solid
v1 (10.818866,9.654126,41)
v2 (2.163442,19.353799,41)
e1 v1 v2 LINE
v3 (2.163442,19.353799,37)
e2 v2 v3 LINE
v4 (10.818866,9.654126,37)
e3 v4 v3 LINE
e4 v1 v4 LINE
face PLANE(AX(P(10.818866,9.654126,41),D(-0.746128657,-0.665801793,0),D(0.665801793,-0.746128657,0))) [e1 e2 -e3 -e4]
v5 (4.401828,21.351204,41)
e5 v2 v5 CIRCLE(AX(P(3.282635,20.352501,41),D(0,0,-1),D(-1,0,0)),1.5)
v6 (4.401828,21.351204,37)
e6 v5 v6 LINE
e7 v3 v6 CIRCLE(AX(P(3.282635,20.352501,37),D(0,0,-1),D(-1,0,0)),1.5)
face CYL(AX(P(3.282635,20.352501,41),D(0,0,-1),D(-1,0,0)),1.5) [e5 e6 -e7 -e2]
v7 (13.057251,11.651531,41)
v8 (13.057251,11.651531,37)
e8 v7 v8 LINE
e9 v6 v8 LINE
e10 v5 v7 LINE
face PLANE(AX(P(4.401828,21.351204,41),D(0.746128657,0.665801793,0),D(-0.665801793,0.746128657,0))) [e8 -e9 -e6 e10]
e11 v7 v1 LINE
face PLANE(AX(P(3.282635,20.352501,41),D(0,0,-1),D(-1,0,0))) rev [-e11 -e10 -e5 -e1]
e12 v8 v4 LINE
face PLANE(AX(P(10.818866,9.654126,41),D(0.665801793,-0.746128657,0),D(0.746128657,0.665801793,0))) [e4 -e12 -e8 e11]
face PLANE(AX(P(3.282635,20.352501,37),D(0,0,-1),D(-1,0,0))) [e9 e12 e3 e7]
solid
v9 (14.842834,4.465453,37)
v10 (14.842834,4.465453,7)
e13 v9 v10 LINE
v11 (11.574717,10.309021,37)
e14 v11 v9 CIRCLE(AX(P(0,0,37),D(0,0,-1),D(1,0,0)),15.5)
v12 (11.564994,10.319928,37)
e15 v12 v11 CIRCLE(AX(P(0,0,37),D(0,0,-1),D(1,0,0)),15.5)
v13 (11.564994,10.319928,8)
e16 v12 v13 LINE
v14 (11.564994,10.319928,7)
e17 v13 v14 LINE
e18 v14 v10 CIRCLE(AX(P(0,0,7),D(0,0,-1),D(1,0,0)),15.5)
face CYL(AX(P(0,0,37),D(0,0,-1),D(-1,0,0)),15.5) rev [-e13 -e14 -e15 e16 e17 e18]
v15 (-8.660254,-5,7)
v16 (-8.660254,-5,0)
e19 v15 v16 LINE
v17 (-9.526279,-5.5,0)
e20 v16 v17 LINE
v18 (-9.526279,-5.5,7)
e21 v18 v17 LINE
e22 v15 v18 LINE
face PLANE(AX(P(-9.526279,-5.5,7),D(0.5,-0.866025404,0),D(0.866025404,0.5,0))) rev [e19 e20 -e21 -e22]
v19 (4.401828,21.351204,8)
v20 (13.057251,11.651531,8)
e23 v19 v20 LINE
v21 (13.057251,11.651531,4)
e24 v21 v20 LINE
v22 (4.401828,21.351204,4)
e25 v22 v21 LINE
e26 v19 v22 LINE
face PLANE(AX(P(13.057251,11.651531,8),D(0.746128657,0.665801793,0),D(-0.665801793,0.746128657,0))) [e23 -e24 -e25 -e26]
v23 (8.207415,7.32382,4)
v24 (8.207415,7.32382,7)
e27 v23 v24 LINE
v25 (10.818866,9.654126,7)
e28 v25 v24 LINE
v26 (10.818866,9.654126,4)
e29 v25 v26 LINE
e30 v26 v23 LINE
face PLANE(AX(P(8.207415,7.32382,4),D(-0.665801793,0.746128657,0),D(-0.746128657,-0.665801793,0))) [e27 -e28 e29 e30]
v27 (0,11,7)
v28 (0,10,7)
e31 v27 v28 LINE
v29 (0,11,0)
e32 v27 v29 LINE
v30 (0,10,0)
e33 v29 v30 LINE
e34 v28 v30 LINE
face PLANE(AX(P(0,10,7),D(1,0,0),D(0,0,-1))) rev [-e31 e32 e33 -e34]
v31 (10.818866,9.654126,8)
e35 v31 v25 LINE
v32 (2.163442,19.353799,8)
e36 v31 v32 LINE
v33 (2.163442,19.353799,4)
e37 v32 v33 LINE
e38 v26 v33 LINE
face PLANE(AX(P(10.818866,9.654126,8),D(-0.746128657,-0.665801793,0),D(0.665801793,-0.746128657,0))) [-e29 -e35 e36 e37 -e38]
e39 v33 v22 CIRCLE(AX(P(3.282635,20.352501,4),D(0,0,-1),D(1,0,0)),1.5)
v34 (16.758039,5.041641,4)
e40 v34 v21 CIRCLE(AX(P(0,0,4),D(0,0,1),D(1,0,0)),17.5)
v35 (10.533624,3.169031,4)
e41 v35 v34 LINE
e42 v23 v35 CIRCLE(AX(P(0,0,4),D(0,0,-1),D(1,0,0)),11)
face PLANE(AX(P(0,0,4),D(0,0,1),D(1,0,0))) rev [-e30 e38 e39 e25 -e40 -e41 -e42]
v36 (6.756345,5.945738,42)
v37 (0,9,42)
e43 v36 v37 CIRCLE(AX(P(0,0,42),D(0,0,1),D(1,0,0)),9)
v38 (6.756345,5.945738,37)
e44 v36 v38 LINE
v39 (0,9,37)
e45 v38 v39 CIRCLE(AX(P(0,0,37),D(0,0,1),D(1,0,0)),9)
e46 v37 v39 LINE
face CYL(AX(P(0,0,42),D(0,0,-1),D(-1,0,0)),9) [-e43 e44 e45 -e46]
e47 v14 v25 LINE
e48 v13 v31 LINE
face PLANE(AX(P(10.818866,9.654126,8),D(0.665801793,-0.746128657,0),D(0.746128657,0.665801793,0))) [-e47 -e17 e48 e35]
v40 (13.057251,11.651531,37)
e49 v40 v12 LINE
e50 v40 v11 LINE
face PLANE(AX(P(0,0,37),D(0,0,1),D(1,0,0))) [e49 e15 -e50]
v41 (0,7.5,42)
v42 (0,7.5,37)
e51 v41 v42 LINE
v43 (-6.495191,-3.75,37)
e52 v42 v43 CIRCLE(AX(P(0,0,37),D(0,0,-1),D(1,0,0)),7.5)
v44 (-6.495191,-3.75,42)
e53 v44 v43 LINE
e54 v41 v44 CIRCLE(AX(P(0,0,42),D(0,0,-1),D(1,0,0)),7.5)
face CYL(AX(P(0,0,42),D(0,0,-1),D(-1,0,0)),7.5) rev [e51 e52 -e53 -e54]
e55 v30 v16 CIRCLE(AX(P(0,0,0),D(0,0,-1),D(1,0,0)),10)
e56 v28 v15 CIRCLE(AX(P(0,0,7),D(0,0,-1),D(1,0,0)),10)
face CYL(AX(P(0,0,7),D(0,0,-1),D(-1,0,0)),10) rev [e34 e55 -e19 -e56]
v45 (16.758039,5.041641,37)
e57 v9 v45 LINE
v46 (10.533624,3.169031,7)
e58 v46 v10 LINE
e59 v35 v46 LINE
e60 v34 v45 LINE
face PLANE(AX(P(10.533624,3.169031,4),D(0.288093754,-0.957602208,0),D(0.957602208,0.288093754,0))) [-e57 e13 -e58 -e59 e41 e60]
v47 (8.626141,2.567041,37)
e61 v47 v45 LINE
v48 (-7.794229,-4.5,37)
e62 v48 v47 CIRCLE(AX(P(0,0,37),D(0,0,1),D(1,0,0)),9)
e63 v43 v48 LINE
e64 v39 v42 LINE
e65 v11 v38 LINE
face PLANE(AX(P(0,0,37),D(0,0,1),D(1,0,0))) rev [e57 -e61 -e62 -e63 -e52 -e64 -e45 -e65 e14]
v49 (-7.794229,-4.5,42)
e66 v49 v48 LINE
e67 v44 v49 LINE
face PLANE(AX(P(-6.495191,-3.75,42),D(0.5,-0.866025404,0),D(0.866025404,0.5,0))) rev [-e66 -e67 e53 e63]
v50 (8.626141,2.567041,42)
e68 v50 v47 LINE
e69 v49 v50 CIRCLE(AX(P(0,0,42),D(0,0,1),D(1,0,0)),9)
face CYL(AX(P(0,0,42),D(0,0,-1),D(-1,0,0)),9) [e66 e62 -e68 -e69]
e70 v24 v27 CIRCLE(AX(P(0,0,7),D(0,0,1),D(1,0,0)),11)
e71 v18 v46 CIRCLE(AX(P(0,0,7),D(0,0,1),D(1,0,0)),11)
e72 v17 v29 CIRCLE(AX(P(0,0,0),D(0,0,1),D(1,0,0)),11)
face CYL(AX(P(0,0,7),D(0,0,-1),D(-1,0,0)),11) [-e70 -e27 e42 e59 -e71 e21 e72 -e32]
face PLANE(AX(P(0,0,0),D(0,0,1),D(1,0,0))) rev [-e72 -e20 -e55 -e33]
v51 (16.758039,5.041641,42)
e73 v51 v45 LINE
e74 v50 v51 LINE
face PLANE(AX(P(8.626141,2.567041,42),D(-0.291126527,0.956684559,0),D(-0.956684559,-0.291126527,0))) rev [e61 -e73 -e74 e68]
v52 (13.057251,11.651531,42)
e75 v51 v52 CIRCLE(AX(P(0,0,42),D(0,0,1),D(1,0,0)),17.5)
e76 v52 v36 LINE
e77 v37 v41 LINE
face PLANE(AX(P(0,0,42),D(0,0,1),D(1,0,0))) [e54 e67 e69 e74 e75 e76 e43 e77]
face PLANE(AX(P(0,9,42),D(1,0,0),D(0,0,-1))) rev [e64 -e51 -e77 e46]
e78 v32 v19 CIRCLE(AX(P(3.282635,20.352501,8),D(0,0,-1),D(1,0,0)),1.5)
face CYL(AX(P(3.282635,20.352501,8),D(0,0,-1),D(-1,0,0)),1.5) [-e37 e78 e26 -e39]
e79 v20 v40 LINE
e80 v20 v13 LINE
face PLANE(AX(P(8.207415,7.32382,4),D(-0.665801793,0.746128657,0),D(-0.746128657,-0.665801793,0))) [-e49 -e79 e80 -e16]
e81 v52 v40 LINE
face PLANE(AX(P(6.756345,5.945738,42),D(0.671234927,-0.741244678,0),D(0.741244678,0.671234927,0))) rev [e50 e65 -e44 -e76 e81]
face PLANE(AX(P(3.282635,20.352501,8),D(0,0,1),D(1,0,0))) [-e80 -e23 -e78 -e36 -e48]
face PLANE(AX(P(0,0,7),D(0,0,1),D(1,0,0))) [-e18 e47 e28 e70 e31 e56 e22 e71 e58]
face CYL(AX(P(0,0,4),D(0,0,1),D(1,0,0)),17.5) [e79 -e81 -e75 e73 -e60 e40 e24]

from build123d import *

# Parameters (mm, degrees)
BOSS_EXTRUDE1_DEPTH = 7
BOSS_EXTRUDE2_START = -3
BOSS_EXTRUDE2_DEPTH = 3
BOSS_EXTRUDE3_DEPTH = 30
BOSS_EXTRUDE4_DEPTH = 5
BOSS_EXTRUDE5_DEPTH = 5
BOSS_EXTRUDE6_DEPTH = 4
BOSS_EXTRUDE7_DEPTH = 4


with BuildPart() as part:
    # Sketch1 → Boss-Extrude1 (new body)
    with BuildSketch(Plane.XY):
        with BuildLine():
            Line((-9.526279442, -5.5), (-8.660254038, -5))
            ThreePointArc((-8.660254038, -5), (8.660254038, -5), (0, 10))
            Line((0, 10), (0, 11))
            ThreePointArc((0, 11), (9.526279442, -5.5), (-9.526279442, -5.5))
        make_face()
    extrude(amount=BOSS_EXTRUDE1_DEPTH)

    # Sketch3 → Boss-Extrude2 (add)
    with BuildSketch(Plane.XY.offset(7).offset(BOSS_EXTRUDE2_START)):
        with BuildLine():
            Line((8.207415224, 7.323819723), (13.057251493, 11.651531377))
            ThreePointArc((13.057251493, 11.651531377), (15.26959545, 8.549237088), (16.758038643, 5.041640689))
            Line((16.758038643, 5.041640689), (10.53362429, 3.16903129))
            ThreePointArc((10.53362429, 3.16903129), (9.598031426, 5.37380617), (8.207415224, 7.323819723))
        make_face()
    extrude(amount=BOSS_EXTRUDE2_DEPTH)

    # Sketch4 → Boss-Extrude3 (add)
    with BuildSketch(Plane.XY.offset(7)):
        with BuildLine():
            Line((13.057251493, 11.651531377), (11.56499418, 10.319927791))
            ThreePointArc((11.56499418, 10.319927791), (13.524498827, 7.572181421), (14.842834227, 4.465453182))
            Line((14.842834227, 4.465453182), (16.758038643, 5.041640689))
            ThreePointArc((16.758038643, 5.041640689), (15.26959545, 8.549237088), (13.057251493, 11.651531377))
        make_face()
    extrude(amount=BOSS_EXTRUDE3_DEPTH)



with BuildPart() as body_2:
    # Sketch5 → Boss-Extrude4 (new body)
    with BuildSketch(Plane.XY.offset(37)):
        with BuildLine():
            Line((0, 9), (0, 7.5))
            ThreePointArc((0, 7.5), (6.495190528, -3.75), (-6.495190528, -3.75))
            Line((-6.495190528, -3.75), (-7.794228634, -4.5))
            ThreePointArc((-7.794228634, -4.5), (7.794228634, -4.5), (0, 9))
        make_face()
    extrude(amount=BOSS_EXTRUDE4_DEPTH)


with BuildPart() as part_1:
    add(part.part)

    add(body_2.part)  # Boss-Extrude5 merges body 2
    # Sketch6 → Boss-Extrude5 (add)
    with BuildSketch(Plane.XY.offset(37)):
        with BuildLine():
            Line((6.756344772, 5.945738417), (13.057251493, 11.651531377))
            ThreePointArc((13.057251493, 11.651531377), (15.26959545, 8.549237088), (16.758038643, 5.041640689))
            Line((16.758038643, 5.041640689), (8.626140517, 2.567041054))
            ThreePointArc((8.626140517, 2.567041054), (7.87458649, 4.357853556), (6.756344772, 5.945738417))
        make_face()
    extrude(amount=BOSS_EXTRUDE5_DEPTH)

    # Sketch7 → Boss-Extrude6 (add)
    with BuildSketch(Plane(origin=(0, 0, 4), x_dir=(-1, 0, 0), z_dir=(0, 0, -1))):
        with BuildLine():
            Line((-10.818865523, 9.654125998), (-13.057251493, 11.651531377))
            Line((-13.057251493, 11.651531377), (-4.401828185, 21.351203915))
            ThreePointArc((-4.401828185, 21.351203915), (-2.28393251, 21.471694211), (-2.163442214, 19.353798536))
            Line((-2.163442214, 19.353798536), (-10.818865523, 9.654125998))
        make_face()
    extrude(amount=-BOSS_EXTRUDE6_DEPTH)


with BuildPart() as body_2_2:
    # Sketch8 → Boss-Extrude7 (new body)
    with BuildSketch(Plane(origin=(0, 0, 37), x_dir=(-1, 0, 0), z_dir=(0, 0, -1))):
        with BuildLine():
            Line((-10.818865523, 9.654125998), (-13.057251493, 11.651531377))
            Line((-13.057251493, 11.651531377), (-4.401828185, 21.351203915))
            ThreePointArc((-4.401828185, 21.351203915), (-2.28393251, 21.471694211), (-2.163442214, 19.353798536))
            Line((-2.163442214, 19.353798536), (-10.818865523, 9.654125998))
        make_face()
    extrude(amount=-BOSS_EXTRUDE7_DEPTH)


solid = Compound([part_1.part, body_2_2.part])
